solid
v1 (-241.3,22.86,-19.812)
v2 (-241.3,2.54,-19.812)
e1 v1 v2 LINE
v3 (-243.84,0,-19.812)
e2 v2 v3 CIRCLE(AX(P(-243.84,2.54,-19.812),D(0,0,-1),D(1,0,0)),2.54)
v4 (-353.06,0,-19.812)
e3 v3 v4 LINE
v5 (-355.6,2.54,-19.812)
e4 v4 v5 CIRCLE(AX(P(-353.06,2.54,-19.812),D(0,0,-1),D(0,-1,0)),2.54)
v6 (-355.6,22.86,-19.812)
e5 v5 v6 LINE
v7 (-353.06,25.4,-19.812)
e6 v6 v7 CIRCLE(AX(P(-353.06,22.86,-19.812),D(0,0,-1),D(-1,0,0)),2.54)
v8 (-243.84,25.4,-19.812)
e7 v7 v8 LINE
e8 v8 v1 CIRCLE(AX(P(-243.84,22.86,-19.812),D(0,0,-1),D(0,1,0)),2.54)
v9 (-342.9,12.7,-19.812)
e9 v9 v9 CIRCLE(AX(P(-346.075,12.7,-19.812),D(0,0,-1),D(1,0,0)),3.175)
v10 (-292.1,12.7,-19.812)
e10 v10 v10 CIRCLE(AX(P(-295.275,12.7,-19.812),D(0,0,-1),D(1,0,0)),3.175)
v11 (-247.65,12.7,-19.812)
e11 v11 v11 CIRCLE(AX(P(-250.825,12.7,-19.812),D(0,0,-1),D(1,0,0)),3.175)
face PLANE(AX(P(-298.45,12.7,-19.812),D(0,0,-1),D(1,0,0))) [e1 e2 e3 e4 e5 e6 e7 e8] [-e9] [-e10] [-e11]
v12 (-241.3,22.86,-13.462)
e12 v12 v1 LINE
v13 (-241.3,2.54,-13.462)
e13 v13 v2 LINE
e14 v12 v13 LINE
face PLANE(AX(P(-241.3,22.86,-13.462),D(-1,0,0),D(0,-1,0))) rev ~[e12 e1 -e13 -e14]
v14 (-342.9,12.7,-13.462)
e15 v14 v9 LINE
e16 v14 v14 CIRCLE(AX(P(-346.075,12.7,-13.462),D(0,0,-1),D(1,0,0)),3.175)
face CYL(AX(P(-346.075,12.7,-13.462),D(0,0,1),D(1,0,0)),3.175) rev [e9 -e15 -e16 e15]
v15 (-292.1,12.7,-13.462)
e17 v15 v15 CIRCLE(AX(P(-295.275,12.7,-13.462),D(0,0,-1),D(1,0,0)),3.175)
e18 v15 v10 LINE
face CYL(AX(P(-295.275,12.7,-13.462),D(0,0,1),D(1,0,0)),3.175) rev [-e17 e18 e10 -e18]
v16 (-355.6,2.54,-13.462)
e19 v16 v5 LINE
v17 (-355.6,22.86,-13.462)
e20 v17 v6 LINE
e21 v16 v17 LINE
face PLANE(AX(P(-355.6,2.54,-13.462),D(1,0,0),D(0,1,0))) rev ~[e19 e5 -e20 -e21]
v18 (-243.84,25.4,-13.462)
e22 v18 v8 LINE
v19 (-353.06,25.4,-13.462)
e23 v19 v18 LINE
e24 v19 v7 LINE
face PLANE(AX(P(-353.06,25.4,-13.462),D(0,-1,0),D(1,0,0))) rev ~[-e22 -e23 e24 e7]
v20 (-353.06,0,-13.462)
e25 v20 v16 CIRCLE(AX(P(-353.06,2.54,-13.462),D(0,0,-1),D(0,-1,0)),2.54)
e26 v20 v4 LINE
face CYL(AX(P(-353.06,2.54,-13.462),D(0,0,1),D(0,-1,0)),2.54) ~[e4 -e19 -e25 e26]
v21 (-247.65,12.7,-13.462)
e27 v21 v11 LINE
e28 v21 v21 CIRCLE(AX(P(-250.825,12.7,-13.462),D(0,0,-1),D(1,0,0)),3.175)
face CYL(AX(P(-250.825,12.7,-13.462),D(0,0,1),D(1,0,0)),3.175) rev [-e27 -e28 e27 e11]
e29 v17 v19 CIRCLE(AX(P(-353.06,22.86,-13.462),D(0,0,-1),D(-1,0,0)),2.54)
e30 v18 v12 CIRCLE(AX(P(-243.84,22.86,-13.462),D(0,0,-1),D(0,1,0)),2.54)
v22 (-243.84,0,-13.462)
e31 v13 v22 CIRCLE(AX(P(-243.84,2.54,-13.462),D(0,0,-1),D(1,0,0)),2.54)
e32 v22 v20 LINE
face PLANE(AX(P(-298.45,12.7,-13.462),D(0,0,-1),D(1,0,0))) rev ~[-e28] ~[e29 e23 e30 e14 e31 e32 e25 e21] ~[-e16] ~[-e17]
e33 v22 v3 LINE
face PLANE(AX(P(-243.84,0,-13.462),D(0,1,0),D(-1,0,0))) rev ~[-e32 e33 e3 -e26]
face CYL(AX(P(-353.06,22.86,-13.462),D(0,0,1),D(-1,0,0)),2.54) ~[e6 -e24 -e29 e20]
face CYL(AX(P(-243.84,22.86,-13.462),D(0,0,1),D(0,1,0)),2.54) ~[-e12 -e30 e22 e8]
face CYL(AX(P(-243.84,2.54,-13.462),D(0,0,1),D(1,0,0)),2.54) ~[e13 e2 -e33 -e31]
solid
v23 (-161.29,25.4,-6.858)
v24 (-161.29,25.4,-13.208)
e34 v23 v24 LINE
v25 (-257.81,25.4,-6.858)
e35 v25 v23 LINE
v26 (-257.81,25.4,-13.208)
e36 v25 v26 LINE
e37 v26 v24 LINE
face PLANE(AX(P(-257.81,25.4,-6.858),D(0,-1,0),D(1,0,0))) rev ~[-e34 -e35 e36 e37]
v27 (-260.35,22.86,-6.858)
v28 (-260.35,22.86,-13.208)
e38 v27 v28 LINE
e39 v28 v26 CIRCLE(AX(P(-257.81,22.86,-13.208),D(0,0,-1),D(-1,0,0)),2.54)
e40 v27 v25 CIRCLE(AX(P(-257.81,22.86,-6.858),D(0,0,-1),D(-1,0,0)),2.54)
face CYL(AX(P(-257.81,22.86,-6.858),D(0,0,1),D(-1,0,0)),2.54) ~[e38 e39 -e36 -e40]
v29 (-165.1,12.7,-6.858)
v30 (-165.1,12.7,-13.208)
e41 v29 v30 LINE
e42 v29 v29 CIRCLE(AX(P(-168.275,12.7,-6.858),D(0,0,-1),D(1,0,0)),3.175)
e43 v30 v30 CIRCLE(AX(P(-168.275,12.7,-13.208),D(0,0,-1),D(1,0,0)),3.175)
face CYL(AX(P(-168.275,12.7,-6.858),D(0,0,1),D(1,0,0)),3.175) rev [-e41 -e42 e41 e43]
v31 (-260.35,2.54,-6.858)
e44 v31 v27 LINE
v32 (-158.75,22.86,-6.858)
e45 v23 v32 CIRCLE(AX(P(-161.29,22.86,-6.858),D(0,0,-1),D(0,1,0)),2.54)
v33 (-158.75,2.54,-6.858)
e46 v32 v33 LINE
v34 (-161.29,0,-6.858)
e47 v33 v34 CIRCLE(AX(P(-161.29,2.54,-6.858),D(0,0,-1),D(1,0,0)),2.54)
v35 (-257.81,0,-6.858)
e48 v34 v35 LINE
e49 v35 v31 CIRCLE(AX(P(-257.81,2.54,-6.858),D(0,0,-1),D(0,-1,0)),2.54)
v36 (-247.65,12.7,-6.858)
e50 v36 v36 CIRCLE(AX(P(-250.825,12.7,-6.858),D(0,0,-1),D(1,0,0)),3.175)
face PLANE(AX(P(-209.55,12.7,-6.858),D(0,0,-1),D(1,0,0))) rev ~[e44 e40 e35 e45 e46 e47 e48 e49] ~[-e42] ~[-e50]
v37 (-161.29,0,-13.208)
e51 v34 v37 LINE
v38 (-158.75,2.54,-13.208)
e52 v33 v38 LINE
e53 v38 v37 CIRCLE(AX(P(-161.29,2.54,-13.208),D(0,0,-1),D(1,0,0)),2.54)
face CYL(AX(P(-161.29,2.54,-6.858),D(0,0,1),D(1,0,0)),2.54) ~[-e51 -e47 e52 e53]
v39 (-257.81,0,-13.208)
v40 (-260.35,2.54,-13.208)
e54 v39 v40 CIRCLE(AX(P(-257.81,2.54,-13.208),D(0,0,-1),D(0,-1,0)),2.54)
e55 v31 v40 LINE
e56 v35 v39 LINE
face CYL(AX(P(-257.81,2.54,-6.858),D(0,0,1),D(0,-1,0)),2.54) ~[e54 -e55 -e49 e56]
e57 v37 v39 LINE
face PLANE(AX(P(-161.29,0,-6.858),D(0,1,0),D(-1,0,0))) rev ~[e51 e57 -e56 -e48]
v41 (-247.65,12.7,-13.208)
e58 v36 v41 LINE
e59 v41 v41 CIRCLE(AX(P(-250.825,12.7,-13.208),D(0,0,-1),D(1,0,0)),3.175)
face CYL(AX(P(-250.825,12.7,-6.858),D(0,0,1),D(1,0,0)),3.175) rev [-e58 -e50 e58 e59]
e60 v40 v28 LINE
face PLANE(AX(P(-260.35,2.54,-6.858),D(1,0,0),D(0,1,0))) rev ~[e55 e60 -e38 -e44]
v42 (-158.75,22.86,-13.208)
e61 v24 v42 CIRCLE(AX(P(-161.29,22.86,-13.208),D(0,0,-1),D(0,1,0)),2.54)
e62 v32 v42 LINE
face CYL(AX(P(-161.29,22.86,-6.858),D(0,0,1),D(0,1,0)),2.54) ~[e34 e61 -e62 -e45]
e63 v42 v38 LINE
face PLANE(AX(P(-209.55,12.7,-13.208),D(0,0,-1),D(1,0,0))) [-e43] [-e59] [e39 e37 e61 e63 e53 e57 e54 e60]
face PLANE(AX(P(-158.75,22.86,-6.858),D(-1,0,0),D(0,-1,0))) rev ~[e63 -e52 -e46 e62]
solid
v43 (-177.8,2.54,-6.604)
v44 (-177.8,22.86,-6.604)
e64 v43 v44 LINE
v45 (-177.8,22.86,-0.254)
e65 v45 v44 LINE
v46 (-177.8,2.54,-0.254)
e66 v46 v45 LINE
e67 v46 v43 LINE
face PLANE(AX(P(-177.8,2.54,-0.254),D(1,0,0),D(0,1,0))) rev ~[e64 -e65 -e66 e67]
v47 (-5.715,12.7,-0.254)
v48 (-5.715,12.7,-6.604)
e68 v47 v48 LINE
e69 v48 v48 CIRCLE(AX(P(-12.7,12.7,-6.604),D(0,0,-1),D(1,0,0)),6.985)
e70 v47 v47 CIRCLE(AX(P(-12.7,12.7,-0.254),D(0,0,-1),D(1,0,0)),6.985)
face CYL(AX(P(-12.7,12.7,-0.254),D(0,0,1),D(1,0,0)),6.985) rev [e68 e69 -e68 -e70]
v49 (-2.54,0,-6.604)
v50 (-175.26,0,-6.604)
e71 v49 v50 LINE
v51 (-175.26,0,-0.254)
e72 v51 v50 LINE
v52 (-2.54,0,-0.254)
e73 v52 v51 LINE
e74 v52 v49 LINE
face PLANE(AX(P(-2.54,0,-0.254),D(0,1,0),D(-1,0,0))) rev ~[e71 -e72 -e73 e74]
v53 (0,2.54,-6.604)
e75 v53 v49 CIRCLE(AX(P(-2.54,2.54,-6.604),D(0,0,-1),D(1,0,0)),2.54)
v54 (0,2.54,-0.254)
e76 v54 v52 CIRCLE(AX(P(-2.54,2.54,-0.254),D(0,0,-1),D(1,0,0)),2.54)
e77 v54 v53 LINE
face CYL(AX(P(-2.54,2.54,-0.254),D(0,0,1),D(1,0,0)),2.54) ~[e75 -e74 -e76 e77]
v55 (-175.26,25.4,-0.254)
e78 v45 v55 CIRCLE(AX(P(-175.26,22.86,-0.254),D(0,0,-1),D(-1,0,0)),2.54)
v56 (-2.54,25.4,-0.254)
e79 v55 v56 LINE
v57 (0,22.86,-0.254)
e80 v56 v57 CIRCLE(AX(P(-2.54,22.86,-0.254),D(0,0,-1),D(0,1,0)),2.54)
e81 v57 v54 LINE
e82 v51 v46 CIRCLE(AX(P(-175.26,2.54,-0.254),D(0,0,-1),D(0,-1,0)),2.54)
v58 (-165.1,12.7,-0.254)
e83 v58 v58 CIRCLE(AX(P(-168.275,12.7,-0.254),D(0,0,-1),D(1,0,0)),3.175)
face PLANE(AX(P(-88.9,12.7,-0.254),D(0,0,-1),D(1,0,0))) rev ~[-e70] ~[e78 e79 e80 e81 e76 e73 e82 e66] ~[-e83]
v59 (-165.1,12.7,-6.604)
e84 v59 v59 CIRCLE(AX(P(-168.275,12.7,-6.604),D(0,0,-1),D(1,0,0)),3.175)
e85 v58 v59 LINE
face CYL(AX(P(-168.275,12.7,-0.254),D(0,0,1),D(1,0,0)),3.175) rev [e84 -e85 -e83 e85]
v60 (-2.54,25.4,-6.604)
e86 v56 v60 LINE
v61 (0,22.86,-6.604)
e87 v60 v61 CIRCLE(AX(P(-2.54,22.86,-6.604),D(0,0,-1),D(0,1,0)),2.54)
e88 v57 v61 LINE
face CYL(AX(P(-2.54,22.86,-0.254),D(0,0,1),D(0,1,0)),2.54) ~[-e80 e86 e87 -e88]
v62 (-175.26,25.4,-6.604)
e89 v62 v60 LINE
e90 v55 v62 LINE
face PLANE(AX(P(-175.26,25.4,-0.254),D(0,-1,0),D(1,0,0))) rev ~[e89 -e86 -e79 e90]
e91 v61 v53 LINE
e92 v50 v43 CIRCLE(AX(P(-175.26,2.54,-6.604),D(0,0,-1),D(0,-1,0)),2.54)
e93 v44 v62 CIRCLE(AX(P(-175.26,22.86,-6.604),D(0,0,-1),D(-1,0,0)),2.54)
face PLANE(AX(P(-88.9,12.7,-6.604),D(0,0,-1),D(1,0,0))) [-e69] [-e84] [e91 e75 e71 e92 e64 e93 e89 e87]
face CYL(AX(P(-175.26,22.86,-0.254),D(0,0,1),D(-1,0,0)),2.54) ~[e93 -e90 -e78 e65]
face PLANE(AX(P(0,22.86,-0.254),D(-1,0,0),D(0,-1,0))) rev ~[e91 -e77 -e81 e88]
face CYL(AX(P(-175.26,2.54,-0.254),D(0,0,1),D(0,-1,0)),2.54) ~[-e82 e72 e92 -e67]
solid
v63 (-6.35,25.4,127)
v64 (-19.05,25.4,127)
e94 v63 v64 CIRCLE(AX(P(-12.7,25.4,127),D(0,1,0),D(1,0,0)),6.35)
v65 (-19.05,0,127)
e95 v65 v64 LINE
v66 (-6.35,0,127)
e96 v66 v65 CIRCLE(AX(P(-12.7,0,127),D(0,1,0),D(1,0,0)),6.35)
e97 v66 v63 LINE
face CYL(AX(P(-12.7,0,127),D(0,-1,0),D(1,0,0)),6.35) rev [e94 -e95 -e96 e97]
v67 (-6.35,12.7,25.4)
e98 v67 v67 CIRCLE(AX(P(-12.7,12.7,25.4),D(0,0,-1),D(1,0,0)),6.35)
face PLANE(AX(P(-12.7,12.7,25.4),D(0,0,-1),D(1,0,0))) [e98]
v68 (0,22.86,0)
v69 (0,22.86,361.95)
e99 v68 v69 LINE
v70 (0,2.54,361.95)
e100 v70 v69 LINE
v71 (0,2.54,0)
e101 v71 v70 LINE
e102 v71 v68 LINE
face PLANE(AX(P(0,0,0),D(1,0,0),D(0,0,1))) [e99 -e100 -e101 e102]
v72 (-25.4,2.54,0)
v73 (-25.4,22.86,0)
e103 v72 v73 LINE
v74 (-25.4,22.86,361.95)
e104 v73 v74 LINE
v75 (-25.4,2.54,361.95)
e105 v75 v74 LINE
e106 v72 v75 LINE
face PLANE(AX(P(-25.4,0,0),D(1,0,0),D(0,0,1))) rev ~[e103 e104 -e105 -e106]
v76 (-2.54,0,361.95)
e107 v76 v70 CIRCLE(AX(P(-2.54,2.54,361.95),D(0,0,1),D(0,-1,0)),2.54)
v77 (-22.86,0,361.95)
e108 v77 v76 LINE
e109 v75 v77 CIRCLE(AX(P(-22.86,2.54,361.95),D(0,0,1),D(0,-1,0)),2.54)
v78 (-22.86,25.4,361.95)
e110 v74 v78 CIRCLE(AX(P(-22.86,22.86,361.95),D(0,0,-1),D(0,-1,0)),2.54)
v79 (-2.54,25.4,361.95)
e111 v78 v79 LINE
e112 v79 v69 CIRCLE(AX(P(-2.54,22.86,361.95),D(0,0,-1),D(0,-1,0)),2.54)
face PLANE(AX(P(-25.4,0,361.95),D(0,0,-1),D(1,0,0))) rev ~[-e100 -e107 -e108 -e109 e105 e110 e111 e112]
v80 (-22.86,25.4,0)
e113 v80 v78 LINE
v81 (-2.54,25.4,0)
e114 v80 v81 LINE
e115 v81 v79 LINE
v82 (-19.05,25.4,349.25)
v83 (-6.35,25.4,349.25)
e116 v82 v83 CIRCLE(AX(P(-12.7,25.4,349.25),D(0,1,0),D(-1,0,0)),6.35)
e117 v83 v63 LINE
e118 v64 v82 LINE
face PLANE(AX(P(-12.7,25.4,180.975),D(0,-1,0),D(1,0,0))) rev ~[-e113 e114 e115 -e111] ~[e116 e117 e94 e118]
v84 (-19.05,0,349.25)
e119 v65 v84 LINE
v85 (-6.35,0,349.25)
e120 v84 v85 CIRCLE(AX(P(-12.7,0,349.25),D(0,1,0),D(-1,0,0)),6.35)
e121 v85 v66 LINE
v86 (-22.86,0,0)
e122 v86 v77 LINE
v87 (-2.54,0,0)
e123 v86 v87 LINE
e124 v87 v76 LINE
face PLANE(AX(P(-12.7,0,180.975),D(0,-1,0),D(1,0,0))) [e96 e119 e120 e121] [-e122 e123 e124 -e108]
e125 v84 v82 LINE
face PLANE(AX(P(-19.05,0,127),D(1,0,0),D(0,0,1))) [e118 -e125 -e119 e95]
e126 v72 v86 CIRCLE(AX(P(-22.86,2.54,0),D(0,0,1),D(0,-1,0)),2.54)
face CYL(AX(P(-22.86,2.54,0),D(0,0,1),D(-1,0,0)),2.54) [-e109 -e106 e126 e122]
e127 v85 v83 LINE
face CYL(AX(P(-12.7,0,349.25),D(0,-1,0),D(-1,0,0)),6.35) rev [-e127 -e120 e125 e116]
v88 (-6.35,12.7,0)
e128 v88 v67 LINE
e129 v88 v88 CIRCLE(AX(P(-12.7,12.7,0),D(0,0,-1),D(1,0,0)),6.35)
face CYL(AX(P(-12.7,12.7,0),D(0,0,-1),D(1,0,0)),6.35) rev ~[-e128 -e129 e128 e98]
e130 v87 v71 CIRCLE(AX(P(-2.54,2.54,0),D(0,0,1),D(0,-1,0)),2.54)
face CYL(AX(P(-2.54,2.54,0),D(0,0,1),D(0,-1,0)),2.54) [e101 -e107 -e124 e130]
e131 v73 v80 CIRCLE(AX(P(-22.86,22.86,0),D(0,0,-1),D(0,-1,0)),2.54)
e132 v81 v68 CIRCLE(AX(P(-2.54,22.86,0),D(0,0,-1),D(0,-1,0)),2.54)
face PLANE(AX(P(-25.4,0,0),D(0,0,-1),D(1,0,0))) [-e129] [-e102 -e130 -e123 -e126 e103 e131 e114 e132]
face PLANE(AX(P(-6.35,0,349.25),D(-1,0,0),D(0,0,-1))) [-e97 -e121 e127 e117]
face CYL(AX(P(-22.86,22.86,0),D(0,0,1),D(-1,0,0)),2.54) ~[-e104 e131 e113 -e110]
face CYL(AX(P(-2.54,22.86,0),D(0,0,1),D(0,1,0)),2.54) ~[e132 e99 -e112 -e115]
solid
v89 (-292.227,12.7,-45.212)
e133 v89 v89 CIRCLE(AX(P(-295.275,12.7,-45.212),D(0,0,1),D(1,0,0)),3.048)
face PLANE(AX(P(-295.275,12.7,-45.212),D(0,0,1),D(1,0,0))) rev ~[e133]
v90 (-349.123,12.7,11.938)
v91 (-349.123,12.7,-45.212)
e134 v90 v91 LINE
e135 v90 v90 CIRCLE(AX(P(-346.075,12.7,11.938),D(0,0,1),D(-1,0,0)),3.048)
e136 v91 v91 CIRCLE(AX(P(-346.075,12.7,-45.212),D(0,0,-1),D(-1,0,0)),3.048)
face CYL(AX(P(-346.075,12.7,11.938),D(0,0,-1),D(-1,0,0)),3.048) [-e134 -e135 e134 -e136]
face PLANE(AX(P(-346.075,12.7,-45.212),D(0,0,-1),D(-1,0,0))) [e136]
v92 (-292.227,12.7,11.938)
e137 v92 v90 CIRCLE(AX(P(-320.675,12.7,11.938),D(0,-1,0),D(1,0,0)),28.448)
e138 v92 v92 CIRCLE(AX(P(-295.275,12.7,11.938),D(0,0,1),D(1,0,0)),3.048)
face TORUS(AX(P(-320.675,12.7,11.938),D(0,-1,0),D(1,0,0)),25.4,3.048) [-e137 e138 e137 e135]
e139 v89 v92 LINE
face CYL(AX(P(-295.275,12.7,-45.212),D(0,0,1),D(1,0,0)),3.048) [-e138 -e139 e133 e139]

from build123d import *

# Parameters (mm, degrees)
F0_W      = 25.4
F0_H      = 361.95
F1_DEPTH  = 25.4
F2_R      = 6.35
F3_DEPTH  = 25.4
F5_R      = 3.175
F5_R_2    = 6.985
F6_DEPTH  = 6.35
F7_R      = 2.54
F9_R      = 3.175
F10_DEPTH = 6.35
F12_R     = 3.175
F13_DEPTH = 6.35
F16_R     = 3.048


with BuildPart() as f1:
    # F0 (on Front) → F1 (new body)
    with BuildSketch(Plane.XZ):
        with Locations((-12.7, 180.975)):
            Rectangle(F0_W, F0_H)
        with BuildLine():
            ThreePointArc((-19.05, 349.25), (-12.7, 355.6), (-6.35, 349.25))
            Line((-6.35, 349.25), (-6.35, 127))
            ThreePointArc((-6.35, 127), (-12.7, 120.65), (-19.05, 127))
            Line((-19.05, 127), (-19.05, 349.25))
        make_face(mode=Mode.SUBTRACT)
    extrude(amount=-F1_DEPTH)

    # F2 (on face) → F3 (cut)
    with BuildSketch(Plane(origin=(0, 0, 0), x_dir=(1, 0, 0), z_dir=(0, 0, -1))):
        with Locations((-12.7, -12.7)):
            Circle(F2_R)
    extrude(amount=-F3_DEPTH, mode=Mode.SUBTRACT)

    # F7
    f7_edges = [f1.edges().sort_by_distance(p)[0] for p in [
        (-25.4, 0, 180.975),
        (-25.4, 25.4, 180.975),
        (0, 0, 180.975),
        (0, 25.4, 180.975),
    ]]
    fillet(f7_edges, radius=F7_R)


with BuildPart() as f6:
    # F5 (on offset) → F6 (new body)
    with BuildSketch(Plane(origin=(0, 0, -0.254), x_dir=(1, 0, 0), z_dir=(0, 0, -1))):
        with BuildLine():
            ThreePointArc((0, -2.54), (-0.7439487758, -0.7439487758), (-2.54, 0))
            Line((-2.54, 0), (-175.26, 0))
            ThreePointArc((-175.26, 0), (-177.0560512242, -0.7439487758), (-177.8, -2.54))
            Line((-177.8, -2.54), (-177.8, -22.86))
            ThreePointArc((-177.8, -22.86), (-177.0560512242, -24.6560512242), (-175.26, -25.4))
            Line((-175.26, -25.4), (-2.54, -25.4))
            ThreePointArc((-2.54, -25.4), (-0.7439487758, -24.6560512242), (0, -22.86))
            Line((0, -22.86), (0, -2.54))
        make_face()
        with Locations((-168.275, -12.7)):
            Circle(F5_R, mode=Mode.SUBTRACT)
        with Locations((-12.7, -12.7)):
            Circle(F5_R_2, mode=Mode.SUBTRACT)
    extrude(amount=F6_DEPTH)


with BuildPart() as f10:
    # F9 (on offset) → F10 (new body)
    with BuildSketch(Plane(origin=(0, 0, -6.858), x_dir=(1, 0, 0), z_dir=(0, 0, -1))):
        with BuildLine():
            Line((-257.81, -25.4), (-161.29, -25.4))
            ThreePointArc((-161.29, -25.4), (-159.4939487758, -24.6560512242), (-158.75, -22.86))
            Line((-158.75, -22.86), (-158.75, -2.54))
            ThreePointArc((-158.75, -2.54), (-159.4939487758, -0.7439487758), (-161.29, 0))
            Line((-161.29, 0), (-257.81, 0))
            ThreePointArc((-257.81, 0), (-259.6060512242, -0.7439487758), (-260.35, -2.54))
            Line((-260.35, -2.54), (-260.35, -22.86))
            ThreePointArc((-260.35, -22.86), (-259.6060512242, -24.6560512242), (-257.81, -25.4))
        make_face()
        with Locations((-250.825, -12.7)):
            Circle(F9_R, mode=Mode.SUBTRACT)
        with Locations((-168.275, -12.7)):
            Circle(F9_R, mode=Mode.SUBTRACT)
    extrude(amount=F10_DEPTH)


with BuildPart() as f13:
    # F12 (on offset) → F13 (new body)
    with BuildSketch(Plane(origin=(0, 0, -13.462), x_dir=(1, 0, 0), z_dir=(0, 0, -1))):
        with BuildLine():
            Line((-353.06, -25.4), (-243.84, -25.4))
            ThreePointArc((-243.84, -25.4), (-242.0439487758, -24.6560512242), (-241.3, -22.86))
            Line((-241.3, -22.86), (-241.3, -2.54))
            ThreePointArc((-241.3, -2.54), (-242.0439487758, -0.7439487758), (-243.84, 0))
            Line((-243.84, 0), (-353.06, 0))
            ThreePointArc((-353.06, 0), (-354.8560512242, -0.7439487758), (-355.6, -2.54))
            Line((-355.6, -2.54), (-355.6, -22.86))
            ThreePointArc((-355.6, -22.86), (-354.8560512242, -24.6560512242), (-353.06, -25.4))
        make_face()
        with Locations((-346.075, -12.7)):
            Circle(F12_R, mode=Mode.SUBTRACT)
        with Locations((-295.275, -12.7)):
            Circle(F12_R, mode=Mode.SUBTRACT)
        with Locations((-250.825, -12.7)):
            Circle(F12_R, mode=Mode.SUBTRACT)
    extrude(amount=F13_DEPTH)


with BuildPart() as f17:
    # F17: sweep along a path in F15
    with BuildLine(Plane.XZ.offset(-12.7)) as f17_path:
        Line((-295.275, -45.212), (-295.275, 11.938))
        ThreePointArc((-295.275, 11.938), (-320.675, 37.338), (-346.075, 11.938))
        Line((-346.075, 11.938), (-346.075, -45.212))
    # F16 (on face) → F17 (sweep)
    with BuildSketch(Plane.XY.offset(-13.462)):
        with Locations((-295.275, 12.7)):
            Circle(F16_R)
    sweep(path=f17_path.line)


solid = Compound([f1.part, f6.part, f10.part, f13.part, f17.part])
